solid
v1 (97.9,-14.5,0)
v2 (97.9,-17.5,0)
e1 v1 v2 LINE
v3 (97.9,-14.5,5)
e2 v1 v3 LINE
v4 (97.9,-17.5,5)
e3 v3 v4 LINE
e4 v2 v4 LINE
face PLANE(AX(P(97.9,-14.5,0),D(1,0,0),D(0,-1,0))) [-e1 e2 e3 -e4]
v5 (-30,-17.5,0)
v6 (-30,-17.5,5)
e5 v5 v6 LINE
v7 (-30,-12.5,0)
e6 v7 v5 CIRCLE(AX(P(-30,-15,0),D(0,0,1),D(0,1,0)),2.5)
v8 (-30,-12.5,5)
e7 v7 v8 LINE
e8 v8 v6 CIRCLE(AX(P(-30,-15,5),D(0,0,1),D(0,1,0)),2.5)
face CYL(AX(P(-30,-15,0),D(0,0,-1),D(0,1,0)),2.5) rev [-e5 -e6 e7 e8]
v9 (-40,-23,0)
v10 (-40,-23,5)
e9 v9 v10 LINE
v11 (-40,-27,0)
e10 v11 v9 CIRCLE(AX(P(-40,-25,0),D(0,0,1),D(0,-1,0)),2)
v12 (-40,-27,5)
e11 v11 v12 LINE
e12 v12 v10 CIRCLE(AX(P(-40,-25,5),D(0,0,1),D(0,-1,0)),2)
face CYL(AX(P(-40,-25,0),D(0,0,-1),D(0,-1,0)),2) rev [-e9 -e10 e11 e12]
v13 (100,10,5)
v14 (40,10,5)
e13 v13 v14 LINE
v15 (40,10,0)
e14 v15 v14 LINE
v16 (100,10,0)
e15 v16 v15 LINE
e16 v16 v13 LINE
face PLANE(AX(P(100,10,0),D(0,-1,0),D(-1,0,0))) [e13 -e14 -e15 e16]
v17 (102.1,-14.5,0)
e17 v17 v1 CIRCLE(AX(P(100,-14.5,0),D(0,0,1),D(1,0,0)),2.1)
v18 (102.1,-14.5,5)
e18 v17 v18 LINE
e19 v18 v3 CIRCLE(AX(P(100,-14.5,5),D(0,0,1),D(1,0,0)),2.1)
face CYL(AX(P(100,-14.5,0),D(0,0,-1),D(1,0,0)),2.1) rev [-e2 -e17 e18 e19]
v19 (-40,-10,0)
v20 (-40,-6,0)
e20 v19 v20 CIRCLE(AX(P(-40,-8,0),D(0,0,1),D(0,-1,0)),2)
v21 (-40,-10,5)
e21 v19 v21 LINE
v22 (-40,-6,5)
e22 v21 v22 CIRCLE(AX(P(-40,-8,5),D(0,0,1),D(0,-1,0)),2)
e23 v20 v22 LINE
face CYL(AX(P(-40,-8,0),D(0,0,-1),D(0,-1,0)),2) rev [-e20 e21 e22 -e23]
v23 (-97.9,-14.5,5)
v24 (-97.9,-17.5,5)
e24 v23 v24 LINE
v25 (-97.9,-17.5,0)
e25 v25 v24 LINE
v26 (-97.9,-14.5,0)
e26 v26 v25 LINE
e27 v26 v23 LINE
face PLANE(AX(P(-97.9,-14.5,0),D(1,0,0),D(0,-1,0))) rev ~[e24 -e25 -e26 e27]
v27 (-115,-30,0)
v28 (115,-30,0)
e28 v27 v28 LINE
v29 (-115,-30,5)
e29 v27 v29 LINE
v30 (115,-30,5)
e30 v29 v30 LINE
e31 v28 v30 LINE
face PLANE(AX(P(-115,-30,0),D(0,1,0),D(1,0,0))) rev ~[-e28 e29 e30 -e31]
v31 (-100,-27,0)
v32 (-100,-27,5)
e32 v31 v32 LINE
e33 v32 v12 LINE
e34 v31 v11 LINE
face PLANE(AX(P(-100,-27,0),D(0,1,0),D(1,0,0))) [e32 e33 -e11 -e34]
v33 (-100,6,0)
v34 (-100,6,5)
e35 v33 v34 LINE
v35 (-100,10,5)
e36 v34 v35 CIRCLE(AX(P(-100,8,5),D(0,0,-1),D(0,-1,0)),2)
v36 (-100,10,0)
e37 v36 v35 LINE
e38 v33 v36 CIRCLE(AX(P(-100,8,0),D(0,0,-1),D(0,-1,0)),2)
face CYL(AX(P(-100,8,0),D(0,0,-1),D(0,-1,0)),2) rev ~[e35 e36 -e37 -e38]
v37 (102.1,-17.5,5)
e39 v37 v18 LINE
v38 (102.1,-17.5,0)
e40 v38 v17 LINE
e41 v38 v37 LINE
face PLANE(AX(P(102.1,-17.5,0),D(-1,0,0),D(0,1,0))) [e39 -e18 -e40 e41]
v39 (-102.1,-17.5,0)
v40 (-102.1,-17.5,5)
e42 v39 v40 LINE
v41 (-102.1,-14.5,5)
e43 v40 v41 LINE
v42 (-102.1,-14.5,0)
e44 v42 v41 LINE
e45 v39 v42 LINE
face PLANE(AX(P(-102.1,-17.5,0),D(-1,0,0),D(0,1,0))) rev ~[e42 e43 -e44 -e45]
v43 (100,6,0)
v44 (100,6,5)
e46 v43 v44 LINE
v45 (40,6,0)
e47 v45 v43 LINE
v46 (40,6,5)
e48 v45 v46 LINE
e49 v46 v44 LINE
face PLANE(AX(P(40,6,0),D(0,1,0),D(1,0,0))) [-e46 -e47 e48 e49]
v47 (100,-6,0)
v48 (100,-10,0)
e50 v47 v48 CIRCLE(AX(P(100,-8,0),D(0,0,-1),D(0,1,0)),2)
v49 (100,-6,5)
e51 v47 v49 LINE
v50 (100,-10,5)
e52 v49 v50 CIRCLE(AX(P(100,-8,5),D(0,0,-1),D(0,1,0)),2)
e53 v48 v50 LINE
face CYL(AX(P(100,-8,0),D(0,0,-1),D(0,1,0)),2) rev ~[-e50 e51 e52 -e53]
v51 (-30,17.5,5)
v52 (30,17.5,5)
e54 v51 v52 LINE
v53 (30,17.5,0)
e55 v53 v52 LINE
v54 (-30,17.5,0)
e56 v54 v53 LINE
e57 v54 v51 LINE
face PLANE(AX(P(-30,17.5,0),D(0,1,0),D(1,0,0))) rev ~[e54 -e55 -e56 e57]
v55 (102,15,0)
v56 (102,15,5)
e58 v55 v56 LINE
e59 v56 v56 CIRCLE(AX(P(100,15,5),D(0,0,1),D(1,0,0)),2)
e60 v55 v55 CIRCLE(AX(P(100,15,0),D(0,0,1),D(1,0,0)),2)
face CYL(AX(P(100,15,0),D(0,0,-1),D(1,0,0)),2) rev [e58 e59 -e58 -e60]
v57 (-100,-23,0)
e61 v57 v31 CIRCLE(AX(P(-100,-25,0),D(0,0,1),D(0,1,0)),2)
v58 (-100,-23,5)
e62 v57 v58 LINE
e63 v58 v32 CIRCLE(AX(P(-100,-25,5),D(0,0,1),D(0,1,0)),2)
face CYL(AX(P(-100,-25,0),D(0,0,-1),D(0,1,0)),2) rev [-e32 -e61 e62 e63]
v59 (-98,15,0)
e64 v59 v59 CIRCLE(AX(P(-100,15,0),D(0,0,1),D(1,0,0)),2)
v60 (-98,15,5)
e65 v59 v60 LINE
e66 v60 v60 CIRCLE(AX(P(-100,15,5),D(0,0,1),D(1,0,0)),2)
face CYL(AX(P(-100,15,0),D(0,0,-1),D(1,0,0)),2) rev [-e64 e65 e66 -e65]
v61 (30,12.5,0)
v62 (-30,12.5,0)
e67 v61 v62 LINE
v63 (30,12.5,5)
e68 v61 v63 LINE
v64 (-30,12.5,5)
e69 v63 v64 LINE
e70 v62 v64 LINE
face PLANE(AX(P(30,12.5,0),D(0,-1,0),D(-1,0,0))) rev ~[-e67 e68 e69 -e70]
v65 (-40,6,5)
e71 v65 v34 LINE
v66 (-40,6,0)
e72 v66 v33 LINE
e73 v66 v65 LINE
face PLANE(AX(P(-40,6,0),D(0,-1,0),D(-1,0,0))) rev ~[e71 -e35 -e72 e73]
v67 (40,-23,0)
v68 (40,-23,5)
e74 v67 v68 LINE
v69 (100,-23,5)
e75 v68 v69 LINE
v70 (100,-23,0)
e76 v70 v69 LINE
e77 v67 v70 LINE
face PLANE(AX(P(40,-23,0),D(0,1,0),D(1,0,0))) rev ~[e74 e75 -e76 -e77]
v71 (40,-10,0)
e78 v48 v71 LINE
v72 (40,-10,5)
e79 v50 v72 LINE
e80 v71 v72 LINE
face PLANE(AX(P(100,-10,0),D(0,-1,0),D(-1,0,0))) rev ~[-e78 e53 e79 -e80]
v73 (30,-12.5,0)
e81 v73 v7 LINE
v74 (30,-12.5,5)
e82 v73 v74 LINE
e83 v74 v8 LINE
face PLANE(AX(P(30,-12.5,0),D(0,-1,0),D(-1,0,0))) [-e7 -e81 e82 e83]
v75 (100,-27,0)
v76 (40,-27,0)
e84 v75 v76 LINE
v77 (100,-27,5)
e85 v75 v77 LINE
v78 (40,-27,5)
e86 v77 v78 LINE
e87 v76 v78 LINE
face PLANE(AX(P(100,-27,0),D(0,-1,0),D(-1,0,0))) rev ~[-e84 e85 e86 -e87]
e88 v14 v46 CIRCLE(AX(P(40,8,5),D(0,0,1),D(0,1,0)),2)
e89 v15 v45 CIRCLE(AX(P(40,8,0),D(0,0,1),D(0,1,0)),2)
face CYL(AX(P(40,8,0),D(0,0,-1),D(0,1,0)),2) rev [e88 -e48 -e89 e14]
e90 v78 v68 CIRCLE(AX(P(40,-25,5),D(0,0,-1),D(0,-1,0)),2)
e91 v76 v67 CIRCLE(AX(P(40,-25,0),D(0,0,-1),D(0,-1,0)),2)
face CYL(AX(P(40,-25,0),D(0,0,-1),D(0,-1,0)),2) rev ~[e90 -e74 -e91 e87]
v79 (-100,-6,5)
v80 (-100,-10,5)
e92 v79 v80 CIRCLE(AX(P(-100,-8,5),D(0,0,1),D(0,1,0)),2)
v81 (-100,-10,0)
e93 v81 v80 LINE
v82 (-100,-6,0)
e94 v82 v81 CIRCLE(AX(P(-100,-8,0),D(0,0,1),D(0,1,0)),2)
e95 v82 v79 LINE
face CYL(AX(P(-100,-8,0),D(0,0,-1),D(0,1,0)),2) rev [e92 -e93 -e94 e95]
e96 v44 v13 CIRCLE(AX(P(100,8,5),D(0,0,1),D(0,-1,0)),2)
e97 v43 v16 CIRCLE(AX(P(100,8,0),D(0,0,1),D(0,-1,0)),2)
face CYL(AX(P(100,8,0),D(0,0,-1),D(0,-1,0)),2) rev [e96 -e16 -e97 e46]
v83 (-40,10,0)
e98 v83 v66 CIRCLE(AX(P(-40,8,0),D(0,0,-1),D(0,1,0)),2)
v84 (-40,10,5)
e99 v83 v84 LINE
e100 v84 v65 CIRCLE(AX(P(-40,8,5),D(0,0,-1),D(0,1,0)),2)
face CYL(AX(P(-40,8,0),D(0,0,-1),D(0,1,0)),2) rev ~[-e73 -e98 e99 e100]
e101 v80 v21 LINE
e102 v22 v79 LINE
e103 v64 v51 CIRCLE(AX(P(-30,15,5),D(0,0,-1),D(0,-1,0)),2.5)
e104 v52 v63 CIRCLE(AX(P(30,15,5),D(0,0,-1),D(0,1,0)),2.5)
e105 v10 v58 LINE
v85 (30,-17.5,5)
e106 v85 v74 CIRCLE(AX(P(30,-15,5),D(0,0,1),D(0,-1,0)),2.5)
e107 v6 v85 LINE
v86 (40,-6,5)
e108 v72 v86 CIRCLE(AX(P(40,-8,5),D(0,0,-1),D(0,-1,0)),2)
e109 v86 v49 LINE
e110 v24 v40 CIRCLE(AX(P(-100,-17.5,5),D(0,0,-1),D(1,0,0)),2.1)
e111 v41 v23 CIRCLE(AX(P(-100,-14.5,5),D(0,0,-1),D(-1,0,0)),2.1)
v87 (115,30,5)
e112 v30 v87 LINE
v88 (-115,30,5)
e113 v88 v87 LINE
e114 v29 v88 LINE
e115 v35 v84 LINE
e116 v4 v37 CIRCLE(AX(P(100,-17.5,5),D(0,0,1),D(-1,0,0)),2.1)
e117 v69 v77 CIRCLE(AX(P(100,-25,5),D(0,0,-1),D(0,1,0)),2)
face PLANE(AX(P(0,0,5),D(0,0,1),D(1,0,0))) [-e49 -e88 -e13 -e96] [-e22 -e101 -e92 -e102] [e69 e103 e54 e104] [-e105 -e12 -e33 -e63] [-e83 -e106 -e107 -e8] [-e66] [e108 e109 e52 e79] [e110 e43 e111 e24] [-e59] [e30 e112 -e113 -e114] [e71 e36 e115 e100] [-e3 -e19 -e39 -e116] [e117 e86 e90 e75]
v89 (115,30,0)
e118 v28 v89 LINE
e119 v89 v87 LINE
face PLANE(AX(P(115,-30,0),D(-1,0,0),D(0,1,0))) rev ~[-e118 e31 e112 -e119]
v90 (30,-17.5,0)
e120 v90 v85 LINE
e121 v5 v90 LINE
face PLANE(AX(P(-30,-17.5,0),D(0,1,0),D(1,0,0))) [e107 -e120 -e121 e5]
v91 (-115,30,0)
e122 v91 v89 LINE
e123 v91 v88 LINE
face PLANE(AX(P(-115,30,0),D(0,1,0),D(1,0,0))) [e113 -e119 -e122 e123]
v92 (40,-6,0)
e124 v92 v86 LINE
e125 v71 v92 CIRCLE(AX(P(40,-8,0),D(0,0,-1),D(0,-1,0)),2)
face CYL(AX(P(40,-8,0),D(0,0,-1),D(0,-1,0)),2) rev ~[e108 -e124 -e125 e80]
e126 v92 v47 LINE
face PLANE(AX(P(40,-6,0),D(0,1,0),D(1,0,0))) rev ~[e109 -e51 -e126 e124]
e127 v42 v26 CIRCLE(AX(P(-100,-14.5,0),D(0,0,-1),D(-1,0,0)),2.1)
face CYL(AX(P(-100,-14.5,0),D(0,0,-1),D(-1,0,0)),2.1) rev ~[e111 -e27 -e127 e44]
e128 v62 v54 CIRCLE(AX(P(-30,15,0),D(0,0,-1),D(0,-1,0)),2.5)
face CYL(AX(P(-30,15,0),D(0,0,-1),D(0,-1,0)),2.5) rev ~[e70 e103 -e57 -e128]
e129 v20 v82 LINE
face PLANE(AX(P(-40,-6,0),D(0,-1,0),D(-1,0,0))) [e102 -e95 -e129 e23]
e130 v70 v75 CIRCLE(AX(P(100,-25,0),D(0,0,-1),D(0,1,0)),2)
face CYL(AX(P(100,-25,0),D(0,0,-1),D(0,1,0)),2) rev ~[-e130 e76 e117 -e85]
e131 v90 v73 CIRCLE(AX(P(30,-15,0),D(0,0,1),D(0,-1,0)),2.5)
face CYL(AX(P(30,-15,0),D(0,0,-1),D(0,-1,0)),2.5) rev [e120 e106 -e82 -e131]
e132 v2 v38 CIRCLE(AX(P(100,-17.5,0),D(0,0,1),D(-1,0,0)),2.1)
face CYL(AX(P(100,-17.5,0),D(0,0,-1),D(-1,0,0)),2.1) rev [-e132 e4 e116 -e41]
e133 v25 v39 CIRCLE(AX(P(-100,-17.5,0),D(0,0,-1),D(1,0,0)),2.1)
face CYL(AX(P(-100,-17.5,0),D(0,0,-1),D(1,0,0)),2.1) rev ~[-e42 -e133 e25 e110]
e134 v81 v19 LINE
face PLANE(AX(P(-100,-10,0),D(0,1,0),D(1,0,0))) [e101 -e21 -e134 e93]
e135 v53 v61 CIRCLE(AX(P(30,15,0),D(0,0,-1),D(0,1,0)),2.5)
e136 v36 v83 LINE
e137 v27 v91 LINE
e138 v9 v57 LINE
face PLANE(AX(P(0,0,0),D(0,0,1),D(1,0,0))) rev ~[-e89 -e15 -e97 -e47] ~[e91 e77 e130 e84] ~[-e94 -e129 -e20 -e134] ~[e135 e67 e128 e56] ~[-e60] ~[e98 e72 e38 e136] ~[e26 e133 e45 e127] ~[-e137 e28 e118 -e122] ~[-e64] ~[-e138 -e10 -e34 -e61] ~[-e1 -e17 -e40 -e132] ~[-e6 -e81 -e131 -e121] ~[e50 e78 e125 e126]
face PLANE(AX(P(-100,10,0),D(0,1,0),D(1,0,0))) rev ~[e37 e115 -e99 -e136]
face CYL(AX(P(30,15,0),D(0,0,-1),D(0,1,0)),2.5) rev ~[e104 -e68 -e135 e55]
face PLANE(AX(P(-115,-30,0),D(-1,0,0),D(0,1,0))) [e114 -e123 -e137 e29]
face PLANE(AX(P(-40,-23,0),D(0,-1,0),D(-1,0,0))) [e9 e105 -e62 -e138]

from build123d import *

# Parameters (mm, degrees)
SKETCH_2_W      = 230
SKETCH_2_H      = 60
SKETCH_2_R      = 2
EXTRUDE_1_DEPTH = 5


with BuildPart() as part:
    # 草图2 → 凸台-拉伸1 (new body)
    with BuildSketch(Plane.XY):
        Rectangle(SKETCH_2_W, SKETCH_2_H)
        with Locations((-100, 15)):
            Circle(SKETCH_2_R, mode=Mode.SUBTRACT)
        with Locations((100, 15)):
            Circle(SKETCH_2_R, mode=Mode.SUBTRACT)
        with BuildLine():
            Line((-30, 17.5), (30, 17.5))
            ThreePointArc((30, 17.5), (32.5, 15), (30, 12.5))
            Line((30, 12.5), (-30, 12.5))
            ThreePointArc((-30, 12.5), (-32.5, 15), (-30, 17.5))
        make_face(mode=Mode.SUBTRACT)
        with BuildLine():
            Line((40, -23), (100, -23))
            ThreePointArc((100, -23), (102, -25), (100, -27))
            Line((100, -27), (40, -27))
            ThreePointArc((40, -27), (38, -25), (40, -23))
        make_face(mode=Mode.SUBTRACT)
        with BuildLine():
            Line((-100, 10), (-40, 10))
            ThreePointArc((-40, 10), (-38, 8), (-40, 6))
            Line((-40, 6), (-100, 6))
            ThreePointArc((-100, 6), (-102, 8), (-100, 10))
        make_face(mode=Mode.SUBTRACT)
        with BuildLine():
            Line((-100, -10), (-40, -10))
            ThreePointArc((-40, -10), (-38, -8), (-40, -6))
            Line((-40, -6), (-100, -6))
            ThreePointArc((-100, -6), (-102, -8), (-100, -10))
        make_face(mode=Mode.SUBTRACT)
        with BuildLine():
            Line((100, -10), (40, -10))
            ThreePointArc((40, -10), (38, -8), (40, -6))
            Line((40, -6), (100, -6))
            ThreePointArc((100, -6), (102, -8), (100, -10))
        make_face(mode=Mode.SUBTRACT)
        with BuildLine():
            Line((100, 10), (40, 10))
            ThreePointArc((40, 10), (38, 8), (40, 6))
            Line((40, 6), (100, 6))
            ThreePointArc((100, 6), (102, 8), (100, 10))
        make_face(mode=Mode.SUBTRACT)
        with BuildLine():
            Line((-102.1, -17.5), (-102.1, -14.5))
            ThreePointArc((-102.1, -14.5), (-100, -12.4), (-97.9, -14.5))
            Line((-97.9, -14.5), (-97.9, -17.5))
            ThreePointArc((-97.9, -17.5), (-100, -19.6), (-102.1, -17.5))
        make_face(mode=Mode.SUBTRACT)
        with BuildLine():
            Line((102.1, -17.5), (102.1, -14.5))
            ThreePointArc((102.1, -14.5), (100, -12.4), (97.9, -14.5))
            Line((97.9, -14.5), (97.9, -17.5))
            ThreePointArc((97.9, -17.5), (100, -19.6), (102.1, -17.5))
        make_face(mode=Mode.SUBTRACT)
        with BuildLine():
            Line((-30, -17.5), (30, -17.5))
            ThreePointArc((30, -17.5), (32.5, -15), (30, -12.5))
            Line((30, -12.5), (-30, -12.5))
            ThreePointArc((-30, -12.5), (-32.5, -15), (-30, -17.5))
        make_face(mode=Mode.SUBTRACT)
        with BuildLine():
            Line((-40, -23), (-100, -23))
            ThreePointArc((-100, -23), (-102, -25), (-100, -27))
            Line((-100, -27), (-40, -27))
            ThreePointArc((-40, -27), (-38, -25), (-40, -23))
        make_face(mode=Mode.SUBTRACT)
    extrude(amount=EXTRUDE_1_DEPTH)


solid = part.part
